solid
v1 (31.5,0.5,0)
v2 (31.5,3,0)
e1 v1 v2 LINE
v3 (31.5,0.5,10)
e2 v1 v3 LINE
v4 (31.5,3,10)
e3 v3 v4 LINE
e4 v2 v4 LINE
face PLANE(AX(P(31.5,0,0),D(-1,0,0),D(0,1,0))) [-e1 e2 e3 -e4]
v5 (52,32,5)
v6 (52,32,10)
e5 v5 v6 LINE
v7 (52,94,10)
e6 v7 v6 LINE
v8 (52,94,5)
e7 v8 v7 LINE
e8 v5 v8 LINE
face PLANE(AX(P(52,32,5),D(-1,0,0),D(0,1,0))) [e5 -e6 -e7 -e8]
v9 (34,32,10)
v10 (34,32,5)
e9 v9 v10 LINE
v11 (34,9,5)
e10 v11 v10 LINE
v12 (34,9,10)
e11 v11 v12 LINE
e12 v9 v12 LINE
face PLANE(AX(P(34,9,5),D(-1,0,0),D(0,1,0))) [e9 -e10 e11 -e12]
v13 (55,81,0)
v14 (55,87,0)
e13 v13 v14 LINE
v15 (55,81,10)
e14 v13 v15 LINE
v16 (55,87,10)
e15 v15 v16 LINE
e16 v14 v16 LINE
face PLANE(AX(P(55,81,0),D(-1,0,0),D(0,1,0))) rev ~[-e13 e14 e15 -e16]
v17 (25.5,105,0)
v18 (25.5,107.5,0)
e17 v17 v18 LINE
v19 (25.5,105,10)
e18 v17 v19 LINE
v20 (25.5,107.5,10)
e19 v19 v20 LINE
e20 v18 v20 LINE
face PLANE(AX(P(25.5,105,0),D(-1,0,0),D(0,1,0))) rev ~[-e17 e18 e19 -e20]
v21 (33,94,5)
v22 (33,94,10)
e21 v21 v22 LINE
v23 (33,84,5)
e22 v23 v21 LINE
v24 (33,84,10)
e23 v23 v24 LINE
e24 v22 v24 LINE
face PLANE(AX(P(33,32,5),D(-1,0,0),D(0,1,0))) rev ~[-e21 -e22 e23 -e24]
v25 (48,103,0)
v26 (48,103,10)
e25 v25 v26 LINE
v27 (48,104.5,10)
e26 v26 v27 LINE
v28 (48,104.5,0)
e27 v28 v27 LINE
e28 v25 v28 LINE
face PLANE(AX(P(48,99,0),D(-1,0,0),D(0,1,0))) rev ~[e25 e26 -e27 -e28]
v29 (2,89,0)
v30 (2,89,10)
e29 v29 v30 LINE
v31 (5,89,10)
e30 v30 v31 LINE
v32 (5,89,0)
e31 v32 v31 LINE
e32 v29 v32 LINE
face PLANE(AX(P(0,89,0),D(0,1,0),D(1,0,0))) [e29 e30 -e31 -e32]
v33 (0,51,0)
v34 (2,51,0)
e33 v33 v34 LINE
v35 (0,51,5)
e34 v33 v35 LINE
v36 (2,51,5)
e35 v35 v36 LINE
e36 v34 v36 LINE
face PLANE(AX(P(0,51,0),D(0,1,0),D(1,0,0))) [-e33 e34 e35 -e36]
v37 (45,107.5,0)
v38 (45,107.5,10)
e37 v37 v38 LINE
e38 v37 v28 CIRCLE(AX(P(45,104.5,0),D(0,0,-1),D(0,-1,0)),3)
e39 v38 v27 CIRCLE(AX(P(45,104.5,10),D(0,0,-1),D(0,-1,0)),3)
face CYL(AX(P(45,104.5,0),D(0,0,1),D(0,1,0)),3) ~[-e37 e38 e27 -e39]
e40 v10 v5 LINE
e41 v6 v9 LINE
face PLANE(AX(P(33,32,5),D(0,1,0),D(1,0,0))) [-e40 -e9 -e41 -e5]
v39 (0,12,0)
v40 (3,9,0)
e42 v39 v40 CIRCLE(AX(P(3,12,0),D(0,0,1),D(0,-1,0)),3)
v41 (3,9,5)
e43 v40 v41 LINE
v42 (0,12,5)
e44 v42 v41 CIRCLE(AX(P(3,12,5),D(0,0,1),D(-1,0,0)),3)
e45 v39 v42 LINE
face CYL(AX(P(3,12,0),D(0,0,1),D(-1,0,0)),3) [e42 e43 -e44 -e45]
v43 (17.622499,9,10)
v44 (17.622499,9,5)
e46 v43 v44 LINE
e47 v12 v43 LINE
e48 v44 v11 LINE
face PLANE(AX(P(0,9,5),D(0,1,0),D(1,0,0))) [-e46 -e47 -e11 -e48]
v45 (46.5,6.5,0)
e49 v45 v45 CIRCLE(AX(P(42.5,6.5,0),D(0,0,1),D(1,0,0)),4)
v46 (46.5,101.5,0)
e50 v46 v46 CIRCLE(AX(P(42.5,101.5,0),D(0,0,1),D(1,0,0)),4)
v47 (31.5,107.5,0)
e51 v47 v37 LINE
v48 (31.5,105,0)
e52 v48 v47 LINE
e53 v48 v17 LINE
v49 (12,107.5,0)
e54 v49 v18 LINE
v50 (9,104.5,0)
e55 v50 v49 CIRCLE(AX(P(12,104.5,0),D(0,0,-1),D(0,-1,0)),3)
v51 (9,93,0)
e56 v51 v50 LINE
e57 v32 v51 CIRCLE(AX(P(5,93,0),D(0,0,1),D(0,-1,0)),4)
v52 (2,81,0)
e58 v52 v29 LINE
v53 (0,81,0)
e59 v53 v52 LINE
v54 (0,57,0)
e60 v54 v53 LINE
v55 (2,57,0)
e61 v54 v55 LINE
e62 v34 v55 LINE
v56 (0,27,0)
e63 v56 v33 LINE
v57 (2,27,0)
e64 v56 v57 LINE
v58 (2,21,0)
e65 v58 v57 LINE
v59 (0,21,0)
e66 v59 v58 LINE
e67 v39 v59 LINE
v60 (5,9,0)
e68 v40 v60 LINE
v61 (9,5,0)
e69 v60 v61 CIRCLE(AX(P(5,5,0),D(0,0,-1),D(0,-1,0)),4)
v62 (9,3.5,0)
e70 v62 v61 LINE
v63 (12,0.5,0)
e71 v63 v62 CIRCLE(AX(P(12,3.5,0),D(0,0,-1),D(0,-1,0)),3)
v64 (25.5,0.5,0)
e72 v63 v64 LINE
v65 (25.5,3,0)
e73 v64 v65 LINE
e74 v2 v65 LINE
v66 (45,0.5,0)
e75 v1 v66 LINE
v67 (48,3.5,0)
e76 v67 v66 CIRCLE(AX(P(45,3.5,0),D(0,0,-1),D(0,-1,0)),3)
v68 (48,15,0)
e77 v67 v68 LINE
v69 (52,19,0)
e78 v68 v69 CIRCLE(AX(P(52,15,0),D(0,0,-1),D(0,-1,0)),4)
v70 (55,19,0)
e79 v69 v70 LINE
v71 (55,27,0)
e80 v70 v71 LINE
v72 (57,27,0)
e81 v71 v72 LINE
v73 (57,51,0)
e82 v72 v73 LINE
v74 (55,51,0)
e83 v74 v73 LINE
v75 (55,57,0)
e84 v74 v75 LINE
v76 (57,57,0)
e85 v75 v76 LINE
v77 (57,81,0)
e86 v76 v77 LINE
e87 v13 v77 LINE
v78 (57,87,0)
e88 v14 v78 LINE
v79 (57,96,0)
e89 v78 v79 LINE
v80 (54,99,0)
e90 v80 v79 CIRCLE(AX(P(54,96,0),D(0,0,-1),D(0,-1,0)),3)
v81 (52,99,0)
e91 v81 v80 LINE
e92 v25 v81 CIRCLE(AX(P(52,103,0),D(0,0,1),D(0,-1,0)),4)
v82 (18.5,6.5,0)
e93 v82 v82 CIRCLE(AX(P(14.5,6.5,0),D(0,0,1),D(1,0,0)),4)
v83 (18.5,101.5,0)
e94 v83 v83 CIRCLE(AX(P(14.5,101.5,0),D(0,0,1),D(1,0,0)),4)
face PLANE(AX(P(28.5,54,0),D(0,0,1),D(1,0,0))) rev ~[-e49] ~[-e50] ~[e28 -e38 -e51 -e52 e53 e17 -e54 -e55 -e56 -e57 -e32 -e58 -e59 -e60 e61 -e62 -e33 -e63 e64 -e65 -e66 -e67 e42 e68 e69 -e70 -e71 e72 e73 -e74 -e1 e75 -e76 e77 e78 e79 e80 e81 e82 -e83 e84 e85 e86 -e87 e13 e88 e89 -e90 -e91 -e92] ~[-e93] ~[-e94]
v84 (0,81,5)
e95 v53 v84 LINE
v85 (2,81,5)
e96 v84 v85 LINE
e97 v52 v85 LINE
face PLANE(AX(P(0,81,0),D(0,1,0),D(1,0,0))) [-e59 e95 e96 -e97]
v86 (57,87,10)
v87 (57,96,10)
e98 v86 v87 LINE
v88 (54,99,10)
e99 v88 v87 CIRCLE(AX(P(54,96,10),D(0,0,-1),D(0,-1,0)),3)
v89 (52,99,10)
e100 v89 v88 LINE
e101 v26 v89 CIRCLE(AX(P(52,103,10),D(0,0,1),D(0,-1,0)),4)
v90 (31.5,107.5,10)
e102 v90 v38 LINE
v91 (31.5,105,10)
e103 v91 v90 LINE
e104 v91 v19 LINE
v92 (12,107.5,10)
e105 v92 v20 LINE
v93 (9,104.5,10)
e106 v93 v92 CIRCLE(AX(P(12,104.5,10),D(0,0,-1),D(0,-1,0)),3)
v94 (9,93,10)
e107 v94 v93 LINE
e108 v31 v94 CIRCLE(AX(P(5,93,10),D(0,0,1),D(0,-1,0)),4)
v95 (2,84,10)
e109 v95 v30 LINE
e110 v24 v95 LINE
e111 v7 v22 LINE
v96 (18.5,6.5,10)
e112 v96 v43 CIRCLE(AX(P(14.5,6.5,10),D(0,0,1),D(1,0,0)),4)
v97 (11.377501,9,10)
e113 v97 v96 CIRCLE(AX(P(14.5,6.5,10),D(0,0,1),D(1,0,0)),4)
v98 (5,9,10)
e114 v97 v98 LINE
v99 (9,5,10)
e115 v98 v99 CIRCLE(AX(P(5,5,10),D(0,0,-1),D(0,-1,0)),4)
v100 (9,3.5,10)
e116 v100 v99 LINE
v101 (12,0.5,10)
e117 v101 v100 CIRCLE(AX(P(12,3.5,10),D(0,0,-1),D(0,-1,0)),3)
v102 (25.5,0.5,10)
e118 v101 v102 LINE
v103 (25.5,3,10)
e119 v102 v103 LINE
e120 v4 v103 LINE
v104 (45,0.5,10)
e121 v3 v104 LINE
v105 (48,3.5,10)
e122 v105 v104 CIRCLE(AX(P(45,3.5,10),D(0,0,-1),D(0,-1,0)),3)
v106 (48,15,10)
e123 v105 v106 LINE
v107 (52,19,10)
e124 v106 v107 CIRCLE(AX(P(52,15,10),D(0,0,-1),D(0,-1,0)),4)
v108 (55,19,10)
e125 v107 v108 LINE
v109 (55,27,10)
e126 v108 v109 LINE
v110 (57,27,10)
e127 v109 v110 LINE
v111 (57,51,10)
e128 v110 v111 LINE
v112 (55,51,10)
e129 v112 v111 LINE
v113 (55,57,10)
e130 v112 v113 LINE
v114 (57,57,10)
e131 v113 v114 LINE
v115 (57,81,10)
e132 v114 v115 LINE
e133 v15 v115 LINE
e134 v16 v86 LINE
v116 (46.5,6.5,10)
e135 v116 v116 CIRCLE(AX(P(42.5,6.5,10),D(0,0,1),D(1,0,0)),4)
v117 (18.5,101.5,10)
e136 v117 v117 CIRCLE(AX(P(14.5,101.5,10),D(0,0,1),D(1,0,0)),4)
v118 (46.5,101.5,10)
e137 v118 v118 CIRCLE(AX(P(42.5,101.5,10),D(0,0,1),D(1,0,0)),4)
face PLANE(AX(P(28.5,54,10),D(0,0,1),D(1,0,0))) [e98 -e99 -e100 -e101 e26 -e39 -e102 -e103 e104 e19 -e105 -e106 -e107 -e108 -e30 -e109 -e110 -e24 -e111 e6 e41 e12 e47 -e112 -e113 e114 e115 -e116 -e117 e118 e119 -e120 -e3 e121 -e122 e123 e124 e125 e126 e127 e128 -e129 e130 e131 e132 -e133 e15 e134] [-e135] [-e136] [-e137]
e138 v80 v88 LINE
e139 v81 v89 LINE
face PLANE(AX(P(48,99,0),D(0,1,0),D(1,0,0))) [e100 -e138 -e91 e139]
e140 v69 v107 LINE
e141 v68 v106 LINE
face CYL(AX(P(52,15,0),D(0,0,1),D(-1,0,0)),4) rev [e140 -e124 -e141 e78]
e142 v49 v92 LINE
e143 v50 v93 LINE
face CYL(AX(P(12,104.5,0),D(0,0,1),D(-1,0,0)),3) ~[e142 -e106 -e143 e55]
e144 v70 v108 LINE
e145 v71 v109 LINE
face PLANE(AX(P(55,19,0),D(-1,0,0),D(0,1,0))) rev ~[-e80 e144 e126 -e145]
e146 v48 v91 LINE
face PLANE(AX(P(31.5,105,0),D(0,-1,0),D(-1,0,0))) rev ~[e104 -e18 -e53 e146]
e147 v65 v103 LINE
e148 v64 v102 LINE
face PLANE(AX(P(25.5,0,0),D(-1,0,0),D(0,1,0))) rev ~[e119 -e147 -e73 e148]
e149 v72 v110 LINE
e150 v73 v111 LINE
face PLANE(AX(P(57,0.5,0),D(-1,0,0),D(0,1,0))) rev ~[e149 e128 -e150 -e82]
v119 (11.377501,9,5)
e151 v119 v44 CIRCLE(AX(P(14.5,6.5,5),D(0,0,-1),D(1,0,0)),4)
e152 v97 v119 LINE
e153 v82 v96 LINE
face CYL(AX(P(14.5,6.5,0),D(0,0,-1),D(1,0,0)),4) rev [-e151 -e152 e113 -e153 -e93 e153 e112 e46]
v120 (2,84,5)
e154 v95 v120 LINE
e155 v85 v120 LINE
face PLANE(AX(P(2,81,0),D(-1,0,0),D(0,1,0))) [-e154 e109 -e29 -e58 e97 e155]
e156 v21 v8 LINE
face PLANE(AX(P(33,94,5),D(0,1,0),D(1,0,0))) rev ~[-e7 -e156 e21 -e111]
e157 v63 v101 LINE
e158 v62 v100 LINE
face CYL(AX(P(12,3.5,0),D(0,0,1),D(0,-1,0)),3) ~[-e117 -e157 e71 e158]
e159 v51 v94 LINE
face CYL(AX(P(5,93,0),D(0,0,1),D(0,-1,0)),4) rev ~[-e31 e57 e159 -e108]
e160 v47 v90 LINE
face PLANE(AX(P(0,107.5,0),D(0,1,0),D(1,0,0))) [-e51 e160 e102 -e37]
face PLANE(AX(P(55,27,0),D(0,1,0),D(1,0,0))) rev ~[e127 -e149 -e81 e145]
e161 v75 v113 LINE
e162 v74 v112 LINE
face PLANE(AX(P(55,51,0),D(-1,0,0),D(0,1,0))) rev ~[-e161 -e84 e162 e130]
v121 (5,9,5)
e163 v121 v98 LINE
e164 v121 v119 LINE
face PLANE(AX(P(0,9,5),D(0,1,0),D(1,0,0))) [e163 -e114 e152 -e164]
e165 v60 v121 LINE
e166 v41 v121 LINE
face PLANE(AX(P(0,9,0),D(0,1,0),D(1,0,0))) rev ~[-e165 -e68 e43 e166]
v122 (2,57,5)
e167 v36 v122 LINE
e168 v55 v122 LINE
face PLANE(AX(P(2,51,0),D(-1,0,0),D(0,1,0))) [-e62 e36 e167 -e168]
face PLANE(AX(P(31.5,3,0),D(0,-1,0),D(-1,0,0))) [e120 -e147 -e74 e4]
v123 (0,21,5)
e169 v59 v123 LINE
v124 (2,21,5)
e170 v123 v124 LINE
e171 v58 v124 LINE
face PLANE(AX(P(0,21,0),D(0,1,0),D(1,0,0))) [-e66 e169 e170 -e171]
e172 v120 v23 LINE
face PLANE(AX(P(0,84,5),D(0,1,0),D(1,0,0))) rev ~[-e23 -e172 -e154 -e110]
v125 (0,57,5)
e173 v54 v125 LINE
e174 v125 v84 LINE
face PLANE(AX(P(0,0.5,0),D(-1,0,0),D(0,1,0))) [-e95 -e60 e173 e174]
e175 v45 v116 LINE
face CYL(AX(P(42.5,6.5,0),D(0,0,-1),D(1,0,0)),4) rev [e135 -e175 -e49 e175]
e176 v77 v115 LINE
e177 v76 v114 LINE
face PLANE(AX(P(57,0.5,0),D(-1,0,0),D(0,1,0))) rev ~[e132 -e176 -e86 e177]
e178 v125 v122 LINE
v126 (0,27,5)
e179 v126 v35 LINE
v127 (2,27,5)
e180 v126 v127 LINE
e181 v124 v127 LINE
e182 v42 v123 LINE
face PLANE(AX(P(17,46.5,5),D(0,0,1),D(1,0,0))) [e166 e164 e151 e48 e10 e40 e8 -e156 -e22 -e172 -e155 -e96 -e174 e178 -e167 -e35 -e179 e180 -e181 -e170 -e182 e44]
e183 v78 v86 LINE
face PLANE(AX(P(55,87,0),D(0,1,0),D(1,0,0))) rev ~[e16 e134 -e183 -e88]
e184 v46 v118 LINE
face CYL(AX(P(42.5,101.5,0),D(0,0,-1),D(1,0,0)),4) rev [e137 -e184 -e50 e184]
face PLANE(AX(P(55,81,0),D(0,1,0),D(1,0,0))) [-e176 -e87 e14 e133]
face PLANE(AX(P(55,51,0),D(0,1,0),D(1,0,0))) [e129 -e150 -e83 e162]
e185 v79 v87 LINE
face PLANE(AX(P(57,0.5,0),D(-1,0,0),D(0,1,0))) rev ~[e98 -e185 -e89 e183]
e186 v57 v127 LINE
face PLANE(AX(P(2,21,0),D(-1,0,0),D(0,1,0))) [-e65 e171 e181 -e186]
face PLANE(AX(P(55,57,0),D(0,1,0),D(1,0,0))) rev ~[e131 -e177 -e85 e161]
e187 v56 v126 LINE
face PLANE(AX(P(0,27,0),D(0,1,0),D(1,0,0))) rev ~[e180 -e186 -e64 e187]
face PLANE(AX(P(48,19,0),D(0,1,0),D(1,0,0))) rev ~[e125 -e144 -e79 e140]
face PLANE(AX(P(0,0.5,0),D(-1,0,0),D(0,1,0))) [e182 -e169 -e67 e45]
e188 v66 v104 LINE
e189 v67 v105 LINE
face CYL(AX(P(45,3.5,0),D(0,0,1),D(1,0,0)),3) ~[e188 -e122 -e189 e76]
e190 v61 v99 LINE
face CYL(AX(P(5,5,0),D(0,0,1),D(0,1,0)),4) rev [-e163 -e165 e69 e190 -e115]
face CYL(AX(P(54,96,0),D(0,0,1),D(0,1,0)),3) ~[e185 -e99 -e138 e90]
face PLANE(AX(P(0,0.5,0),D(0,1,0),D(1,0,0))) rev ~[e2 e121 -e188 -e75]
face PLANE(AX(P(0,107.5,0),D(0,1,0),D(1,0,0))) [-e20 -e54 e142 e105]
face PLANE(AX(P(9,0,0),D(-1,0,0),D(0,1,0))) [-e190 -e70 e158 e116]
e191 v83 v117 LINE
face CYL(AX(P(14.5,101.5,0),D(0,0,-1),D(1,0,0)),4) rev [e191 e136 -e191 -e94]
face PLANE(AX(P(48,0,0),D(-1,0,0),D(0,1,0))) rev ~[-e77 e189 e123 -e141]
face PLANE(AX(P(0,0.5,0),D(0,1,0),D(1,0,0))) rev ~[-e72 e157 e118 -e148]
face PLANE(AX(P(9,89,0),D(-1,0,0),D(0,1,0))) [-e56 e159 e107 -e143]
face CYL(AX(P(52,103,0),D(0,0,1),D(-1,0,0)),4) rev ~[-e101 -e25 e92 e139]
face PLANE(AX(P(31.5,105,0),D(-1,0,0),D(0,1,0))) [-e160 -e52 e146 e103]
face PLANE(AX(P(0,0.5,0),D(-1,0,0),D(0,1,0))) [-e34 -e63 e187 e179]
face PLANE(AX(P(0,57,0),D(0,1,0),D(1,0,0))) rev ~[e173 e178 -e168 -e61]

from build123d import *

# Parameters (mm, degrees)
BOX014_W               = 19
BOX014_H               = 62
BOX014_DEPTH           = 10
BOX013_W               = 34
BOX013_H               = 75
BOX013_DEPTH           = 10
BOX002_W               = 9
BOX002_H               = 9
BOX002_DEPTH           = 10
BOX003_W               = 9
BOX003_H               = 19
BOX003_DEPTH           = 10
BOX004_W               = 9
BOX004_H               = 9
BOX004_DEPTH           = 10
BOX005_W               = 2
BOX005_H               = 6
BOX005_DEPTH           = 10
BOX006_W               = 2
BOX006_H               = 8
BOX006_DEPTH           = 10
BOX007_W               = 2
BOX007_H               = 6
BOX007_DEPTH           = 10
BOX008_W               = 2
BOX008_H               = 6
BOX008_DEPTH           = 10
BOX009_W               = 2
BOX009_H               = 6
BOX009_DEPTH           = 10
BOX010_W               = 2
BOX010_H               = 8
BOX010_DEPTH           = 10
CYLINDER_R             = 4
CYLINDER_DEPTH         = 10
CYLINDER002_R          = 4
CYLINDER002_DEPTH      = 10
CYLINDER001_R          = 4
CYLINDER001_DEPTH      = 10
CYLINDER003_R          = 4
CYLINDER003_DEPTH      = 10
BOX011_W               = 3
BOX011_H               = 6
BOX011_DEPTH           = 10
BOX011_PLACEMENT_ANGLE = 90
BOX012_W               = 3
BOX012_H               = 6
BOX012_DEPTH           = 10
BOX012_PLACEMENT_ANGLE = 90
BOX001_W               = 9
BOX001_H               = 19
BOX001_DEPTH           = 10
BOX_W                  = 57
BOX_H                  = 107
BOX_DEPTH              = 10
FILLET_R               = 3
FILLET001_R            = 4


with BuildPart() as cube014:
    # Box014 → Box014 (new body)
    with BuildSketch(Plane(origin=(33, 32, 5), x_dir=(1, 0, 0), z_dir=(0, 0, 1))):
        with Locations((9.5, 31)):
            Rectangle(BOX014_W, BOX014_H)
    extrude(amount=BOX014_DEPTH)


with BuildPart() as fusion001:
    # Box013 → Box013 (new body)
    with BuildSketch(Plane(origin=(0, 9, 5), x_dir=(1, 0, 0), z_dir=(0, 0, 1))):
        with Locations((17, 37.5)):
            Rectangle(BOX013_W, BOX013_H)
    extrude(amount=BOX013_DEPTH)

    # Fusion001: union Cube014
    add(cube014.part)


with BuildPart() as cube002:
    # Box002 → Box002 (new body)
    with BuildSketch(Plane.XY):
        with Locations((4.5, 4.5)):
            Rectangle(BOX002_W, BOX002_H)
    extrude(amount=BOX002_DEPTH)


with BuildPart() as cube003:
    # Box003 → Box003 (new body)
    with BuildSketch(Plane(origin=(0, 89, 0), x_dir=(1, 0, 0), z_dir=(0, 0, 1))):
        with Locations((4.5, 9.5)):
            Rectangle(BOX003_W, BOX003_H)
    extrude(amount=BOX003_DEPTH)


with BuildPart() as cube004:
    # Box004 → Box004 (new body)
    with BuildSketch(Plane(origin=(48, 99, 0), x_dir=(1, 0, 0), z_dir=(0, 0, 1))):
        with Locations((4.5, 4.5)):
            Rectangle(BOX004_W, BOX004_H)
    extrude(amount=BOX004_DEPTH)


with BuildPart() as cube005:
    # Box005 → Box005 (new body)
    with BuildSketch(Plane(origin=(0, 51, 0), x_dir=(1, 0, 0), z_dir=(0, 0, 1))):
        with Locations((1, 3)):
            Rectangle(BOX005_W, BOX005_H)
    extrude(amount=BOX005_DEPTH)


with BuildPart() as cube006:
    # Box006 → Box006 (new body)
    with BuildSketch(Plane(origin=(0, 81, 0), x_dir=(1, 0, 0), z_dir=(0, 0, 1))):
        with Locations((1, 4)):
            Rectangle(BOX006_W, BOX006_H)
    extrude(amount=BOX006_DEPTH)


with BuildPart() as cube007:
    # Box007 → Box007 (new body)
    with BuildSketch(Plane(origin=(0, 21, 0), x_dir=(1, 0, 0), z_dir=(0, 0, 1))):
        with Locations((1, 3)):
            Rectangle(BOX007_W, BOX007_H)
    extrude(amount=BOX007_DEPTH)


with BuildPart() as cube008:
    # Box008 → Box008 (new body)
    with BuildSketch(Plane(origin=(55, 51, 0), x_dir=(1, 0, 0), z_dir=(0, 0, 1))):
        with Locations((1, 3)):
            Rectangle(BOX008_W, BOX008_H)
    extrude(amount=BOX008_DEPTH)


with BuildPart() as cube009:
    # Box009 → Box009 (new body)
    with BuildSketch(Plane(origin=(55, 81, 0), x_dir=(1, 0, 0), z_dir=(0, 0, 1))):
        with Locations((1, 3)):
            Rectangle(BOX009_W, BOX009_H)
    extrude(amount=BOX009_DEPTH)


with BuildPart() as cube010:
    # Box010 → Box010 (new body)
    with BuildSketch(Plane(origin=(55, 19, 0), x_dir=(1, 0, 0), z_dir=(0, 0, 1))):
        with Locations((1, 4)):
            Rectangle(BOX010_W, BOX010_H)
    extrude(amount=BOX010_DEPTH)


with BuildPart() as cylinder:
    # Cylinder → Cylinder (new body)
    with BuildSketch(Plane(origin=(14.5, 6.5, 0), x_dir=(1, 0, 0), z_dir=(0, 0, 1))):
        Circle(CYLINDER_R)
    extrude(amount=CYLINDER_DEPTH)


with BuildPart() as cylinder002:
    # Cylinder002 → Cylinder002 (new body)
    with BuildSketch(Plane(origin=(42.5, 101.5, 0), x_dir=(1, 0, 0), z_dir=(0, 0, 1))):
        Circle(CYLINDER002_R)
    extrude(amount=CYLINDER002_DEPTH)


with BuildPart() as cylinder001:
    # Cylinder001 → Cylinder001 (new body)
    with BuildSketch(Plane(origin=(42.5, 6.5, 0), x_dir=(1, 0, 0), z_dir=(0, 0, 1))):
        Circle(CYLINDER001_R)
    extrude(amount=CYLINDER001_DEPTH)


with BuildPart() as cylinder003:
    # Cylinder003 → Cylinder003 (new body)
    with BuildSketch(Plane(origin=(14.5, 101.5, 0), x_dir=(1, 0, 0), z_dir=(0, 0, 1))):
        Circle(CYLINDER003_R)
    extrude(amount=CYLINDER003_DEPTH)


with BuildPart() as cube011:
    # Box011 → Box011 (new body)
    with BuildSketch(Plane.XY):
        with Locations((1.5, 3)):
            Rectangle(BOX011_W, BOX011_H)
    extrude(amount=BOX011_DEPTH)


with BuildPart() as cube011_1:
    # Box011 placement: moved
    add(cube011.part.moved(Location((31.5, 0, 0))).rotate(Axis((31.5, 0, 0), (0, 0, 1)), BOX011_PLACEMENT_ANGLE))


with BuildPart() as cube012:
    # Box012 → Box012 (new body)
    with BuildSketch(Plane.XY):
        with Locations((1.5, 3)):
            Rectangle(BOX012_W, BOX012_H)
    extrude(amount=BOX012_DEPTH)


with BuildPart() as cube012_1:
    # Box012 placement: moved
    add(cube012.part.moved(Location((31.5, 105, 0))).rotate(Axis((31.5, 105, 0), (0, 0, 1)), BOX012_PLACEMENT_ANGLE))


with BuildPart() as fusion:
    # Box001 → Box001 (new body)
    with BuildSketch(Plane(origin=(48, 0, 0), x_dir=(1, 0, 0), z_dir=(0, 0, 1))):
        with Locations((4.5, 9.5)):
            Rectangle(BOX001_W, BOX001_H)
    extrude(amount=BOX001_DEPTH)

    # Fusion: union Cube002, Cube003, Cube004, Cube005, Cube006, Cube007, Cube008, Cube009, Cube010, Cylinder, Cylinder002, Cylinder001, Cylinder003, Cube011, Cube012
    add(cube002.part)
    add(cube003.part)
    add(cube004.part)
    add(cube005.part)
    add(cube006.part)
    add(cube007.part)
    add(cube008.part)
    add(cube009.part)
    add(cube010.part)
    add(cylinder.part)
    add(cylinder002.part)
    add(cylinder001.part)
    add(cylinder003.part)
    add(cube011_1.part)
    add(cube012_1.part)


with BuildPart() as cut001:
    # Box → Box (new body)
    with BuildSketch(Plane(origin=(0, 0.5, 0), x_dir=(1, 0, 0), z_dir=(0, 0, 1))):
        with Locations((28.5, 53.5)):
            Rectangle(BOX_W, BOX_H)
    extrude(amount=BOX_DEPTH)

    # Cut: cut Fusion
    add(fusion.part, mode=Mode.SUBTRACT)

    # Fillet
    fillet_edges = [cut001.edges().sort_by_distance(p)[0] for p in [
        (9, 107.5, 5),
        (48, 107.5, 5),
        (57, 99, 5),
        (48, 0.5, 5),
        (9, 0.5, 5),
        (0, 9, 5),
    ]]
    fillet(fillet_edges, radius=FILLET_R)

    # Fillet001
    fillet001_edges = [cut001.edges().sort_by_distance(p)[0] for p in [
        (9, 89, 5),
        (48, 99, 5),
        (9, 9, 5),
        (48, 19, 5),
    ]]
    fillet(fillet001_edges, radius=FILLET001_R)

    # Cut001: cut Fusion001
    add(fusion001.part, mode=Mode.SUBTRACT)


solid = cut001.part
